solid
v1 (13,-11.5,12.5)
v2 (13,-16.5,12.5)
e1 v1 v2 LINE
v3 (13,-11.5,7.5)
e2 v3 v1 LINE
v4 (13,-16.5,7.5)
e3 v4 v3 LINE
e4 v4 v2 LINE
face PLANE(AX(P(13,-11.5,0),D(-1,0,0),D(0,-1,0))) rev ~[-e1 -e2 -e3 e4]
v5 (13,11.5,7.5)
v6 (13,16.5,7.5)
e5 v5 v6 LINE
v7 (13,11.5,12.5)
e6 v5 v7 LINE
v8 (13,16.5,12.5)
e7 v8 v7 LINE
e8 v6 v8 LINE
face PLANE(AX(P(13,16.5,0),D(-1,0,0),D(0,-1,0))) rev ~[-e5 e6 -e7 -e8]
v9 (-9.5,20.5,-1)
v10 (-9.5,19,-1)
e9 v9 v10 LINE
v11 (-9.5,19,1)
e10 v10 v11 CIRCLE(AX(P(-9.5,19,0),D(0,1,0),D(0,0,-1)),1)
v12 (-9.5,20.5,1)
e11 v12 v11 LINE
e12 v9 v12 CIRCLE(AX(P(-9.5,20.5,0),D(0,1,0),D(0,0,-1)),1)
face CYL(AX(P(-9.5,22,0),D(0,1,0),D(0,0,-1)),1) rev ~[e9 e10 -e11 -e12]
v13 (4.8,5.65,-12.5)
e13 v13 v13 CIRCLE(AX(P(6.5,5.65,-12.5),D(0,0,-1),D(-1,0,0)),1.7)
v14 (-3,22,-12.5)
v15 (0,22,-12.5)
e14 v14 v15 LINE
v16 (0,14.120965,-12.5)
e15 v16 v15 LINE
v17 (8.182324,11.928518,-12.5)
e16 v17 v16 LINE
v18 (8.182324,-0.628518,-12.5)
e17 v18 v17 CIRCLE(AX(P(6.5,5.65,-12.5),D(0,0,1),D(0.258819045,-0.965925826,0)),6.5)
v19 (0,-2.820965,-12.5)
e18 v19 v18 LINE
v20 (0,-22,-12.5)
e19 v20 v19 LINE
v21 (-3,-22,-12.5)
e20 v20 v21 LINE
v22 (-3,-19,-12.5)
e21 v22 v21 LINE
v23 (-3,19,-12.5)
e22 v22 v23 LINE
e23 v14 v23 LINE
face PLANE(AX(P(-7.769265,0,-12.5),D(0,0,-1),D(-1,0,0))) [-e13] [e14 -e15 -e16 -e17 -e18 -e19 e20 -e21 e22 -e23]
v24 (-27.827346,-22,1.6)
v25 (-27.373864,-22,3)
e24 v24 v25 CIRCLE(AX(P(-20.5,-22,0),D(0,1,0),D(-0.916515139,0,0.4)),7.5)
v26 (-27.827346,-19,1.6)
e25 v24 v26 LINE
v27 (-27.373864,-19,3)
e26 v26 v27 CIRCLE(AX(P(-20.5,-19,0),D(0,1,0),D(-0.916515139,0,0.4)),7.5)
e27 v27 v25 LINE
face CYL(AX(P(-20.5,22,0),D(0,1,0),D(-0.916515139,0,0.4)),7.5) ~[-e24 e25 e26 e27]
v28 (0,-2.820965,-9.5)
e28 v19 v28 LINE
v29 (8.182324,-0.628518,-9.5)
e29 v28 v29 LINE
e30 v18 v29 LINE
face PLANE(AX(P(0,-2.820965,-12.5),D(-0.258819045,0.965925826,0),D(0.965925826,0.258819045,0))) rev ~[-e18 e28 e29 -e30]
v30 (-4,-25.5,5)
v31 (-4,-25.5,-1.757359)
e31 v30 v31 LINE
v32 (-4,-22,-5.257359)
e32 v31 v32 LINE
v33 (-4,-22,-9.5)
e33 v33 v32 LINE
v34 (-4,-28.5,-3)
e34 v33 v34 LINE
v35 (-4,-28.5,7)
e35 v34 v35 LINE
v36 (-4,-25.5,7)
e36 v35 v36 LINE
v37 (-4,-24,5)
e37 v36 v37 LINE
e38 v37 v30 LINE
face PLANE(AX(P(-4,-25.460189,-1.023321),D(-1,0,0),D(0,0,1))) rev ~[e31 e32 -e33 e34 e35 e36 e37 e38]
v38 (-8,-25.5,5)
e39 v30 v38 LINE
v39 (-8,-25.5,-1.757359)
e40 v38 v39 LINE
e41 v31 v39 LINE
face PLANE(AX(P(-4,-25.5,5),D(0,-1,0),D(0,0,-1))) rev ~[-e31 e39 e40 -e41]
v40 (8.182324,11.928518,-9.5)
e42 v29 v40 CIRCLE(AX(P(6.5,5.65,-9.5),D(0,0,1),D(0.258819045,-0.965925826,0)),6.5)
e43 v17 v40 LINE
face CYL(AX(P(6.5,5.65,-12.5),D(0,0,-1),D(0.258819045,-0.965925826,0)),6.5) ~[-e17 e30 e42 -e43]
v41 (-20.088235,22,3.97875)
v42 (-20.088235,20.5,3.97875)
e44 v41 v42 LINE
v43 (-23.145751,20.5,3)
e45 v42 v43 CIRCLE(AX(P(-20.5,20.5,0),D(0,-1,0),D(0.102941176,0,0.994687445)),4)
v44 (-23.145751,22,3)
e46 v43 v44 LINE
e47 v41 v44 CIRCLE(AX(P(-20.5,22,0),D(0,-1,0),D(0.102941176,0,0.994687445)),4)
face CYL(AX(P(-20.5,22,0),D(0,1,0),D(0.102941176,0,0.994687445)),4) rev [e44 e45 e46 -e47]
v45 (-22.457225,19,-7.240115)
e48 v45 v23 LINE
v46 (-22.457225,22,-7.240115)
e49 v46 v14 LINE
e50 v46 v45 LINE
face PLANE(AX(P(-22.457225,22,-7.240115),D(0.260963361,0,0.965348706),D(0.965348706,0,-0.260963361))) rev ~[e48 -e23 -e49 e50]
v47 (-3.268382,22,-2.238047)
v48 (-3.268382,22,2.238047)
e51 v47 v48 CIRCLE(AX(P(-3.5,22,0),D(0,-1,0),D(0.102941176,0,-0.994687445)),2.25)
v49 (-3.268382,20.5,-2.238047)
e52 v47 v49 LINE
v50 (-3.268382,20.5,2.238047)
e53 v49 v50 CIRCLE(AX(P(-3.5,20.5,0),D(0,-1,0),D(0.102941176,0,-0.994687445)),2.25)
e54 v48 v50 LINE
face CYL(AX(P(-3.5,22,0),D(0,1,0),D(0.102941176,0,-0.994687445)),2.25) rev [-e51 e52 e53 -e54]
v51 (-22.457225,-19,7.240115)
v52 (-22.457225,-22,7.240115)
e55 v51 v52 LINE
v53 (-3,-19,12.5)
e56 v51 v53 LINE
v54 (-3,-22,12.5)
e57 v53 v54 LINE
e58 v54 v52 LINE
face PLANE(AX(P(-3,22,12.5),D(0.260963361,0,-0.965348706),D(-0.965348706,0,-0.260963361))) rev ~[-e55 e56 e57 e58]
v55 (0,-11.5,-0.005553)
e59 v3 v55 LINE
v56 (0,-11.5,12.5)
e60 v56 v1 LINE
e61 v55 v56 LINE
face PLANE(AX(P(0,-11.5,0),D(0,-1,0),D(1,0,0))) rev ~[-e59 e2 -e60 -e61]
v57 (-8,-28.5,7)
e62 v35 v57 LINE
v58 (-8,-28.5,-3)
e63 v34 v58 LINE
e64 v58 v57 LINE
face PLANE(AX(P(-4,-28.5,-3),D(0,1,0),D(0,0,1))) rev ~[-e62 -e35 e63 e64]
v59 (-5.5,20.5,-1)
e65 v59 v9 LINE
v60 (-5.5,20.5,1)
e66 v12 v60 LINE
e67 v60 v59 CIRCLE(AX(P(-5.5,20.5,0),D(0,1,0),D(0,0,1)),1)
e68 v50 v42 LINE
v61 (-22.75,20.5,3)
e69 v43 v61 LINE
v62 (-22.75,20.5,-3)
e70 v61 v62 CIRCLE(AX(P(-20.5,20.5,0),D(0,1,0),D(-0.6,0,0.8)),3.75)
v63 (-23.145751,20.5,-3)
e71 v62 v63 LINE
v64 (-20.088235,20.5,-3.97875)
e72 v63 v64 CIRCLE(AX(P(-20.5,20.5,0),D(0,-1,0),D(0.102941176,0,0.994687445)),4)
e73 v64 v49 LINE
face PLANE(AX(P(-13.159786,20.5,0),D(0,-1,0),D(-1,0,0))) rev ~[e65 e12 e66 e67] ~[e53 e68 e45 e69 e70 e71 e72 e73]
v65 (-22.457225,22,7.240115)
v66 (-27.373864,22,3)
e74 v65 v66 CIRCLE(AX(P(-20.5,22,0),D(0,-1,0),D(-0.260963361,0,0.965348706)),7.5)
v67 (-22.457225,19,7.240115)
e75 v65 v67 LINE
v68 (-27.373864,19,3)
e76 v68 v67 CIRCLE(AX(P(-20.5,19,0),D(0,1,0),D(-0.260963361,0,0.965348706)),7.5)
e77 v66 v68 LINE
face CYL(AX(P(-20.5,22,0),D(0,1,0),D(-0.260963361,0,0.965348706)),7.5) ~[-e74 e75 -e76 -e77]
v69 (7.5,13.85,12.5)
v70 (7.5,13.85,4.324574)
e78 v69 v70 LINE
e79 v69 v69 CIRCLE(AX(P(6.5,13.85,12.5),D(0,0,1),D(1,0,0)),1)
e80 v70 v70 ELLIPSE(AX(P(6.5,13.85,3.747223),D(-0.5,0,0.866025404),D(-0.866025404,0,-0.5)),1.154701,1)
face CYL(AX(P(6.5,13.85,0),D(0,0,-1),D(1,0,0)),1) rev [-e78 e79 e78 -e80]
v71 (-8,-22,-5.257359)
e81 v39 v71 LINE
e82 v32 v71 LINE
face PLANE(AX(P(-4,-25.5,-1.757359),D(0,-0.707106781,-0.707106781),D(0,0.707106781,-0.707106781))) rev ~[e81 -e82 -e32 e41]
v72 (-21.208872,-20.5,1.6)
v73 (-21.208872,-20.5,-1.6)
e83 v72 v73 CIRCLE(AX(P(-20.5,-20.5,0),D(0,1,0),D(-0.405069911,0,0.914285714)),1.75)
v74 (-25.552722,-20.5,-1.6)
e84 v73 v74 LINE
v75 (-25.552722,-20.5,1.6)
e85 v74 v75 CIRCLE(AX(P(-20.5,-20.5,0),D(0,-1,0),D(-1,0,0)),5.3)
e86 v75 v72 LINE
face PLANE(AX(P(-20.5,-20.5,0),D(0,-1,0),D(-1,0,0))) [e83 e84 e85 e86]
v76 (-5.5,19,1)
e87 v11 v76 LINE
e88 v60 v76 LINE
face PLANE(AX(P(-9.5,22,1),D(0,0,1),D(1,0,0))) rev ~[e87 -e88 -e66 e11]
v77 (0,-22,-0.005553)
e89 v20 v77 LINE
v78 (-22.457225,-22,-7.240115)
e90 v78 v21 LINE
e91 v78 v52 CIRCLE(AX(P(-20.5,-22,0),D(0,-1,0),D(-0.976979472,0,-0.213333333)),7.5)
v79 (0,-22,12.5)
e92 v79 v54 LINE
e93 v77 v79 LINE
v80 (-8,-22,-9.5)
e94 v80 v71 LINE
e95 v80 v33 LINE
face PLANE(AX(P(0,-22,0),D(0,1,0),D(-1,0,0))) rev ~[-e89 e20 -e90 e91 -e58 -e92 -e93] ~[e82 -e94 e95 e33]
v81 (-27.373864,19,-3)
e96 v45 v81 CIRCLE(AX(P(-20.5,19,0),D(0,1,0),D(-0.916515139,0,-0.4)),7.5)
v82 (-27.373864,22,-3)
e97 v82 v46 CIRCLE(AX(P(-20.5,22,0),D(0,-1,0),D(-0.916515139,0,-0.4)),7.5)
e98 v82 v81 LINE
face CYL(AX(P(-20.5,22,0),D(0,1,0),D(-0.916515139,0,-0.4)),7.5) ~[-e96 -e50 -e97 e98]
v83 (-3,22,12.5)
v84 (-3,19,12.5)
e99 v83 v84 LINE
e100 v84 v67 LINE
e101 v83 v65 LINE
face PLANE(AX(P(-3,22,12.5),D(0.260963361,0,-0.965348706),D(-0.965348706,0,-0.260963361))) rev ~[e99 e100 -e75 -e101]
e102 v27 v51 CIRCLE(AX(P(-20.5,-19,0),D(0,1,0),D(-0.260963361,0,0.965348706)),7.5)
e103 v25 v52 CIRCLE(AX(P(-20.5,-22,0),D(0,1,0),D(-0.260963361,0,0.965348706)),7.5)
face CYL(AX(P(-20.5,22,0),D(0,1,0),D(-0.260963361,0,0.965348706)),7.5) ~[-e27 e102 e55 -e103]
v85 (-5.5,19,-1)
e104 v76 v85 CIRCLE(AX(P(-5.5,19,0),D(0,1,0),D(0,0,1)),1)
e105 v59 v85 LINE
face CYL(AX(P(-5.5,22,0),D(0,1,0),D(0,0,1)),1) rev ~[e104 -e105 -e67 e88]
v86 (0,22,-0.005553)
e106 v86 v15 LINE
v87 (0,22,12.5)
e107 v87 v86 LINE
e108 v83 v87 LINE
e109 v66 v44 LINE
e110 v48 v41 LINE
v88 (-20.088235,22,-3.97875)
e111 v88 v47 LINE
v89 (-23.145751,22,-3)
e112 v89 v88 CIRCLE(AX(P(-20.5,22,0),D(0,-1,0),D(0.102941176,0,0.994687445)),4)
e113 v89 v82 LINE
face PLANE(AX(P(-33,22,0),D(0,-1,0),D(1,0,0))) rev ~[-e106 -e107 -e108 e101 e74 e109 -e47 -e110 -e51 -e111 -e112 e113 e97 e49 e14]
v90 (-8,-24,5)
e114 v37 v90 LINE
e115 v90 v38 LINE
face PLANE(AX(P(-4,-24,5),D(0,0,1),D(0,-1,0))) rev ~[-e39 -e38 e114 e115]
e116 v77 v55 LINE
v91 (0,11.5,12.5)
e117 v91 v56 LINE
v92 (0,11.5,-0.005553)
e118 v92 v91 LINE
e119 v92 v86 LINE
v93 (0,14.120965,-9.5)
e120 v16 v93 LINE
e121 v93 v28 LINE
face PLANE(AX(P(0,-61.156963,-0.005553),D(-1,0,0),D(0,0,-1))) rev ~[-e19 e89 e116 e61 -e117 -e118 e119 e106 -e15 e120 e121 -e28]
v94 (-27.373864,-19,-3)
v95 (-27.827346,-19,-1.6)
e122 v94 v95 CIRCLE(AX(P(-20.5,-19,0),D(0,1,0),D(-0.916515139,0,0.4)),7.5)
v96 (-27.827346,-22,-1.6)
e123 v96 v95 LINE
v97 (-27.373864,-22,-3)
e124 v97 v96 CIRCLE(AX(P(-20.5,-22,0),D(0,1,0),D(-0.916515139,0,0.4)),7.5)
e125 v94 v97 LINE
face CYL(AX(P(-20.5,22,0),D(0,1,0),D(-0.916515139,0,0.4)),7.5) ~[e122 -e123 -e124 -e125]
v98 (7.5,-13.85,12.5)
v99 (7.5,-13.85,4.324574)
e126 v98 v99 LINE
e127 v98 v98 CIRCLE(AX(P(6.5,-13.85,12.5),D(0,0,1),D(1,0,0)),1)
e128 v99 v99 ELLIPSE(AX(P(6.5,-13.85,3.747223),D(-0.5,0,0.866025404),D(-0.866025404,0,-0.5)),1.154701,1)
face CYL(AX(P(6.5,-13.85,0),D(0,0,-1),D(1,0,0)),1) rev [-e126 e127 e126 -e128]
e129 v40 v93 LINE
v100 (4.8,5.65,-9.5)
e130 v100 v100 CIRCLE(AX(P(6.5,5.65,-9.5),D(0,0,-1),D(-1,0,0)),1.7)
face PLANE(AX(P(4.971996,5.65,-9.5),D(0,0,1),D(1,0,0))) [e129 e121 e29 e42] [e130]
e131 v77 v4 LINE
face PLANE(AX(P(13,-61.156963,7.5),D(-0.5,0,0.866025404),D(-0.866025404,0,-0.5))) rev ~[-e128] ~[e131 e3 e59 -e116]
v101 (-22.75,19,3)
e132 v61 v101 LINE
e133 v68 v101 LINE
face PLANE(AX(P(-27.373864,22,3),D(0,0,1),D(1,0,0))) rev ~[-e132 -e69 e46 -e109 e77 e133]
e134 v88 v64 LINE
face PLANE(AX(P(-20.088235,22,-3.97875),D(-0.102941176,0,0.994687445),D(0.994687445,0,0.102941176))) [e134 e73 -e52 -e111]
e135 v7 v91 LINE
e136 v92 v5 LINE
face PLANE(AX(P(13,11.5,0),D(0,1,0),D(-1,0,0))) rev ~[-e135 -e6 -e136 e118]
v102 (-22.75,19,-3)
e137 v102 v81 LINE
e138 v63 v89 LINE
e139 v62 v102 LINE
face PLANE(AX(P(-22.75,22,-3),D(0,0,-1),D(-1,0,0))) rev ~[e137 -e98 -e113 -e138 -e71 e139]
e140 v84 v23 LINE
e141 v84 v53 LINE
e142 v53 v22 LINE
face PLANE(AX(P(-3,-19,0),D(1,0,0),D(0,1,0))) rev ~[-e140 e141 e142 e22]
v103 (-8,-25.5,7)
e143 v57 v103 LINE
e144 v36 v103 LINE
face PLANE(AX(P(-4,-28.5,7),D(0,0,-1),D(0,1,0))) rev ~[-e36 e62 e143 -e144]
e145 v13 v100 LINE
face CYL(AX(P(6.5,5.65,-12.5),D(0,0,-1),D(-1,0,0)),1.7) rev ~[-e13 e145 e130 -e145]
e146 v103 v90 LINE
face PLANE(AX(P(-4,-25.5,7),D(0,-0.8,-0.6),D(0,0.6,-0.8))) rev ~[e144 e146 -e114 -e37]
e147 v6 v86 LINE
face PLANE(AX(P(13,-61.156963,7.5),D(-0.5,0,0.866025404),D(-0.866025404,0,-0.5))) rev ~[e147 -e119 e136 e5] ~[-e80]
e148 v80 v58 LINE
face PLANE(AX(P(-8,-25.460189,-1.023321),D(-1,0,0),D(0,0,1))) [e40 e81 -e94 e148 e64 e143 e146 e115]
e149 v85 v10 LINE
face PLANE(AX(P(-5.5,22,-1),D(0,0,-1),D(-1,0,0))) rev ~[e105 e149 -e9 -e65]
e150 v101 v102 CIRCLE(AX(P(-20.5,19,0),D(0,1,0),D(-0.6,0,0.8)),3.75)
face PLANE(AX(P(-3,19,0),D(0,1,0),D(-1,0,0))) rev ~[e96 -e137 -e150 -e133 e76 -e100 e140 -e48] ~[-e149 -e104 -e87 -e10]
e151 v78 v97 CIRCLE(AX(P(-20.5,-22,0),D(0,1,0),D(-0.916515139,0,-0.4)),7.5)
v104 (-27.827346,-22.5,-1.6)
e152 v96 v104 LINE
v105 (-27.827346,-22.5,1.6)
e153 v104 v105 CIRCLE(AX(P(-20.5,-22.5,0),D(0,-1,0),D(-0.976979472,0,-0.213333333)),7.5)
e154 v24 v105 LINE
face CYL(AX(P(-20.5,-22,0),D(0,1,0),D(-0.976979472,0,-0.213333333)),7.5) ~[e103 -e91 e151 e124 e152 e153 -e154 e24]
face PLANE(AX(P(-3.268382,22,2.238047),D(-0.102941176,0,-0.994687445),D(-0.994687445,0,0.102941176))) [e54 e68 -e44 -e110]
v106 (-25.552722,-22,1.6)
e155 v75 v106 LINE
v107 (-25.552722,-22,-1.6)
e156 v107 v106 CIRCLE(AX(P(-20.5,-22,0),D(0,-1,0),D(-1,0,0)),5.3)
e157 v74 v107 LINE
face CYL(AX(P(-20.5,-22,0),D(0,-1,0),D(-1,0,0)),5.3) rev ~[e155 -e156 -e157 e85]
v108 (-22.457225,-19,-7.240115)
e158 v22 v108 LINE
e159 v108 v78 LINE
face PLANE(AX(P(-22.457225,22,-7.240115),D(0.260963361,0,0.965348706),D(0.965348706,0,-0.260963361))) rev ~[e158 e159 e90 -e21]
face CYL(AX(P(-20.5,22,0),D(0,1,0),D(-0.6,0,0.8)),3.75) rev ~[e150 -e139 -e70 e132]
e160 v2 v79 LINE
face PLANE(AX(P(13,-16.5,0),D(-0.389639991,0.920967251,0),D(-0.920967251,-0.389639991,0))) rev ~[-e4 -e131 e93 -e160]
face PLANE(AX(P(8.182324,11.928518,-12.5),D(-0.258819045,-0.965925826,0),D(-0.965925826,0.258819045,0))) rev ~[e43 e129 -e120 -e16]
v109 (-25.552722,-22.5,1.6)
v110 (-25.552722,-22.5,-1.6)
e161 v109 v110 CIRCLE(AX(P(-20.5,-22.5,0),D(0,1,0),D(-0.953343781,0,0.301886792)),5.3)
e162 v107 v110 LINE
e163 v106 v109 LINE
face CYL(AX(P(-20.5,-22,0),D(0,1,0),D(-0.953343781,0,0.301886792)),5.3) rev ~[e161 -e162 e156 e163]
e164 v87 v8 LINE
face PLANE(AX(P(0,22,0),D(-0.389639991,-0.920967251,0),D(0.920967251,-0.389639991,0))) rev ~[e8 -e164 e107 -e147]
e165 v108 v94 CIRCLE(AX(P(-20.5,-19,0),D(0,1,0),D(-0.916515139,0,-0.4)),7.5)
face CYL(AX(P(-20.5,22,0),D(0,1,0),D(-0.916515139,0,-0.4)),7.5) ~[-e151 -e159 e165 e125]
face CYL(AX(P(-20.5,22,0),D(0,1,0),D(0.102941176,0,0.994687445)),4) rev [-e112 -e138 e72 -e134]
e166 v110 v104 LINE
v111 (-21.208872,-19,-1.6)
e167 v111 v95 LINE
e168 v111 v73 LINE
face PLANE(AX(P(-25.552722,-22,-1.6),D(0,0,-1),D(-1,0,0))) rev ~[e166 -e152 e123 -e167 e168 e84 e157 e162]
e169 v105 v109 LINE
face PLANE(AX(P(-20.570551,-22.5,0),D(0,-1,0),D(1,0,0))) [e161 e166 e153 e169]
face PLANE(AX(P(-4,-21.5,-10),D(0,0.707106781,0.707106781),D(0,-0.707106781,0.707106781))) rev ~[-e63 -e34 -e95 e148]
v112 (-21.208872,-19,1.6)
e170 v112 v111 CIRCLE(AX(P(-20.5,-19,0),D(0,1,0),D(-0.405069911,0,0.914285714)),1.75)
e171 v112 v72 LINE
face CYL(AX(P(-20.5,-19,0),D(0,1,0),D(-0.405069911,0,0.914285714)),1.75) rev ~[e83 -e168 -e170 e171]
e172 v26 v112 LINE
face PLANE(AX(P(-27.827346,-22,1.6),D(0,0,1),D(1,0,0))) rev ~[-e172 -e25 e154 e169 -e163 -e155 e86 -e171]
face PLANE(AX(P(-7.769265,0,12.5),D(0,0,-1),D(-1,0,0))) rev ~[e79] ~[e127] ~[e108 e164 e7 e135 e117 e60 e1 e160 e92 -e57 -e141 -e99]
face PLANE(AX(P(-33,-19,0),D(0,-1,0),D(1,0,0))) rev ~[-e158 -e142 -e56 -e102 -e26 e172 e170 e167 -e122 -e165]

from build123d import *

# Parameters (mm, degrees)
ESBO_O1_R                  = 1
RESSALTO_EXTRUS_O1_DEPTH   = 12.5
CORTE_EXTRUS_O1_DEPTH      = 15
CORTE_EXTRUS_O2_DEPTH      = 49.656962503
CORTE_EXTRUS_O2_DEPTH_BACK = 49.656962503
ESBO_O5_R                  = 1.7
RESSALTO_EXTRUS_O2_DEPTH   = 3
CORTE_EXTRUS_O3_DEPTH      = 10
CORTE_EXTRUS_O4_DEPTH      = 57.402570863
RESSALTO_EXTRUS_O3_START   = -4
RESSALTO_EXTRUS_O3_DEPTH   = 4
ESBO_O9_R                  = 5.3
CORTE_EXTRUS_O5_DEPTH      = 1.5
RESSALTO_EXTRUS_O4_DEPTH   = 0.5
CORTE_EXTRUS_O6_DEPTH      = 1.5


with BuildPart() as part:
    # Esboço1 → Ressalto-extrusão1 (new, symmetric)
    with BuildSketch(Plane.XY):
        Polygon((0, -22), (-33, -22), (-33, -19), (-3, -19), (-3, 19), (-33, 19), (-33, 22), (0, 22), (13, 16.5), (13, 11.5), (0, 11.5), (0, -11.5), (13, -11.5), (13, -16.5), align=None)
        with Locations((6.5, 13.85)):
            Circle(ESBO_O1_R, mode=Mode.SUBTRACT)
        with Locations((6.5, -13.85)):
            Circle(ESBO_O1_R, mode=Mode.SUBTRACT)
    extrude(amount=RESSALTO_EXTRUS_O1_DEPTH, both=True)

    # Esboço2 → Corte-extrusão1 (cut)
    with BuildSketch(Plane(origin=(0, 22, 0), x_dir=(1, 0, 0), z_dir=(0, 1, 0))):
        with BuildLine():
            Line((-22.45722521, 7.240115294), (-3, 12.5))
            Line((-3, 12.5), (-33, 12.5))
            Line((-33, 12.5), (-33, -12.5))
            Line((-33, -12.5), (-3, -12.5))
            Line((-3, -12.5), (-22.45722521, -7.240115294))
            ThreePointArc((-22.45722521, -7.240115294), (-25.398129905, -5.679641136), (-27.373863542, -3))
            Line((-27.373863542, -3), (-22.75, -3))
            ThreePointArc((-22.75, -3), (-16.75, 0), (-22.75, 3))
            Line((-22.75, 3), (-27.373863542, 3))
            ThreePointArc((-27.373863542, 3), (-25.398129905, 5.679641136), (-22.45722521, 7.240115294))
        make_face()
        with BuildLine():
            Line((-5.5, 1), (-9.5, 1))
            ThreePointArc((-9.5, 1), (-10.5, 0), (-9.5, -1))
            Line((-9.5, -1), (-5.5, -1))
            ThreePointArc((-5.5, -1), (-4.5, 0), (-5.5, 1))
        make_face()
    extrude(amount=-CORTE_EXTRUS_O1_DEPTH, mode=Mode.SUBTRACT)

    # Esboço4 → Corte-extrusão2 (cut, two sides: drawn at the far end of the back side and taken through both)
    with BuildSketch(Plane(origin=(0, -11.5, 0), x_dir=(1, 0, 0), z_dir=(0, 1, 0)).offset(-CORTE_EXTRUS_O2_DEPTH_BACK)):
        Polygon((13, -7.5), (0, 0.005553499), (0, 12.5), (13, 12.5), align=None)
    extrude(amount=CORTE_EXTRUS_O2_DEPTH + CORTE_EXTRUS_O2_DEPTH_BACK, mode=Mode.SUBTRACT)

    # Esboço5 → Ressalto-extrusão2 (add)
    with BuildSketch(Plane(origin=(0, 0, -12.5), x_dir=(-1, 0, 0), z_dir=(0, 0, -1))):
        with BuildLine():
            Line((-8.182323793, 11.928517871), (0, 14.120964923))
            Line((0, 14.120964923), (0, -2.820964923))
            Line((0, -2.820964923), (-8.182323793, -0.628517871))
            ThreePointArc((-8.182323793, -0.628517871), (-13, 5.65), (-8.182323793, 11.928517871))
        make_face()
        with Locations((-6.5, 5.65)):
            Circle(ESBO_O5_R, mode=Mode.SUBTRACT)
    extrude(amount=-RESSALTO_EXTRUS_O2_DEPTH)

    # Esboço7 → Corte-extrusão3 (cut)
    with BuildSketch(Plane(origin=(0, -19, 0), x_dir=(1, 0, 0), z_dir=(0, 1, 0))):
        with BuildLine():
            Line((-21.208872344, 1.6), (-33, 1.6))
            Line((-33, 1.6), (-33, -1.6))
            Line((-33, -1.6), (-21.208872344, -1.6))
            ThreePointArc((-21.208872344, -1.6), (-18.75, 0), (-21.208872344, 1.6))
        make_face()
    extrude(amount=-CORTE_EXTRUS_O3_DEPTH, mode=Mode.SUBTRACT)

    # Esboço2<2> → Corte-extrusão4 (cut, through all)
    with BuildSketch(Plane(origin=(0, 22, 0), x_dir=(1, 0, 0), z_dir=(0, 1, 0))):
        with BuildLine():
            Line((-22.45722521, 7.240115294), (-3, 12.5))
            Line((-3, 12.5), (-33, 12.5))
            Line((-33, 12.5), (-33, -12.5))
            Line((-33, -12.5), (-3, -12.5))
            Line((-3, -12.5), (-22.45722521, -7.240115294))
            ThreePointArc((-22.45722521, -7.240115294), (-25.398129905, -5.679641136), (-27.373863542, -3))
            ThreePointArc((-27.373863542, -3), (-28, 0), (-27.373863542, 3))
            ThreePointArc((-27.373863542, 3), (-25.398129905, 5.679641136), (-22.45722521, 7.240115294))
        make_face()
    extrude(amount=-CORTE_EXTRUS_O4_DEPTH, mode=Mode.SUBTRACT)

    # Esboço8 → Ressalto-extrusão3 (add)
    with BuildSketch(Plane(origin=(0, 0, 0), x_dir=(0, 0, -1), z_dir=(1, 0, 0)).offset(RESSALTO_EXTRUS_O3_START)):
        Polygon((10, -21.5), (3, -28.5), (-7, -28.5), (-7, -25.5), (-5, -24), (-5, -25.5), (1.757359313, -25.5), (5.757359313, -21.5), align=None)
    extrude(amount=-RESSALTO_EXTRUS_O3_DEPTH)

    # Esboço9 → Corte-extrusão5 (cut)
    with BuildSketch(Plane(origin=(0, -22, 0), x_dir=(-1, 0, 0), z_dir=(0, -1, 0))):
        with Locations((20.5, 0)):
            Circle(ESBO_O9_R)
    extrude(amount=-CORTE_EXTRUS_O5_DEPTH, mode=Mode.SUBTRACT)

    # Esboço10 → Ressalto-extrusão4 (add)
    with BuildSketch(Plane.XZ.offset(22)):
        with BuildLine():
            Line((-27.827346041, 1.6), (-25.552722039, 1.6))
            ThreePointArc((-25.552722039, 1.6), (-15.2, 0), (-25.552722039, -1.6))
            Line((-25.552722039, -1.6), (-27.827346041, -1.6))
            ThreePointArc((-27.827346041, -1.6), (-13, 0), (-27.827346041, 1.6))
        make_face()
    extrude(amount=RESSALTO_EXTRUS_O4_DEPTH)

    # Esboço11 → Corte-extrusão6 (cut)
    with BuildSketch(Plane(origin=(0, 22, 0), x_dir=(1, 0, 0), z_dir=(0, 1, 0))):
        with BuildLine():
            Line((-20.088235294, 3.978749782), (-3.268382353, 2.238046752))
            ThreePointArc((-3.268382353, 2.238046752), (-1.25, 0), (-3.268382353, -2.238046752))
            Line((-3.268382353, -2.238046752), (-20.088235294, -3.978749782))
            ThreePointArc((-20.088235294, -3.978749782), (-24.5, 0), (-20.088235294, 3.978749782))
        make_face()
    extrude(amount=-CORTE_EXTRUS_O6_DEPTH, mode=Mode.SUBTRACT)


solid = part.part
